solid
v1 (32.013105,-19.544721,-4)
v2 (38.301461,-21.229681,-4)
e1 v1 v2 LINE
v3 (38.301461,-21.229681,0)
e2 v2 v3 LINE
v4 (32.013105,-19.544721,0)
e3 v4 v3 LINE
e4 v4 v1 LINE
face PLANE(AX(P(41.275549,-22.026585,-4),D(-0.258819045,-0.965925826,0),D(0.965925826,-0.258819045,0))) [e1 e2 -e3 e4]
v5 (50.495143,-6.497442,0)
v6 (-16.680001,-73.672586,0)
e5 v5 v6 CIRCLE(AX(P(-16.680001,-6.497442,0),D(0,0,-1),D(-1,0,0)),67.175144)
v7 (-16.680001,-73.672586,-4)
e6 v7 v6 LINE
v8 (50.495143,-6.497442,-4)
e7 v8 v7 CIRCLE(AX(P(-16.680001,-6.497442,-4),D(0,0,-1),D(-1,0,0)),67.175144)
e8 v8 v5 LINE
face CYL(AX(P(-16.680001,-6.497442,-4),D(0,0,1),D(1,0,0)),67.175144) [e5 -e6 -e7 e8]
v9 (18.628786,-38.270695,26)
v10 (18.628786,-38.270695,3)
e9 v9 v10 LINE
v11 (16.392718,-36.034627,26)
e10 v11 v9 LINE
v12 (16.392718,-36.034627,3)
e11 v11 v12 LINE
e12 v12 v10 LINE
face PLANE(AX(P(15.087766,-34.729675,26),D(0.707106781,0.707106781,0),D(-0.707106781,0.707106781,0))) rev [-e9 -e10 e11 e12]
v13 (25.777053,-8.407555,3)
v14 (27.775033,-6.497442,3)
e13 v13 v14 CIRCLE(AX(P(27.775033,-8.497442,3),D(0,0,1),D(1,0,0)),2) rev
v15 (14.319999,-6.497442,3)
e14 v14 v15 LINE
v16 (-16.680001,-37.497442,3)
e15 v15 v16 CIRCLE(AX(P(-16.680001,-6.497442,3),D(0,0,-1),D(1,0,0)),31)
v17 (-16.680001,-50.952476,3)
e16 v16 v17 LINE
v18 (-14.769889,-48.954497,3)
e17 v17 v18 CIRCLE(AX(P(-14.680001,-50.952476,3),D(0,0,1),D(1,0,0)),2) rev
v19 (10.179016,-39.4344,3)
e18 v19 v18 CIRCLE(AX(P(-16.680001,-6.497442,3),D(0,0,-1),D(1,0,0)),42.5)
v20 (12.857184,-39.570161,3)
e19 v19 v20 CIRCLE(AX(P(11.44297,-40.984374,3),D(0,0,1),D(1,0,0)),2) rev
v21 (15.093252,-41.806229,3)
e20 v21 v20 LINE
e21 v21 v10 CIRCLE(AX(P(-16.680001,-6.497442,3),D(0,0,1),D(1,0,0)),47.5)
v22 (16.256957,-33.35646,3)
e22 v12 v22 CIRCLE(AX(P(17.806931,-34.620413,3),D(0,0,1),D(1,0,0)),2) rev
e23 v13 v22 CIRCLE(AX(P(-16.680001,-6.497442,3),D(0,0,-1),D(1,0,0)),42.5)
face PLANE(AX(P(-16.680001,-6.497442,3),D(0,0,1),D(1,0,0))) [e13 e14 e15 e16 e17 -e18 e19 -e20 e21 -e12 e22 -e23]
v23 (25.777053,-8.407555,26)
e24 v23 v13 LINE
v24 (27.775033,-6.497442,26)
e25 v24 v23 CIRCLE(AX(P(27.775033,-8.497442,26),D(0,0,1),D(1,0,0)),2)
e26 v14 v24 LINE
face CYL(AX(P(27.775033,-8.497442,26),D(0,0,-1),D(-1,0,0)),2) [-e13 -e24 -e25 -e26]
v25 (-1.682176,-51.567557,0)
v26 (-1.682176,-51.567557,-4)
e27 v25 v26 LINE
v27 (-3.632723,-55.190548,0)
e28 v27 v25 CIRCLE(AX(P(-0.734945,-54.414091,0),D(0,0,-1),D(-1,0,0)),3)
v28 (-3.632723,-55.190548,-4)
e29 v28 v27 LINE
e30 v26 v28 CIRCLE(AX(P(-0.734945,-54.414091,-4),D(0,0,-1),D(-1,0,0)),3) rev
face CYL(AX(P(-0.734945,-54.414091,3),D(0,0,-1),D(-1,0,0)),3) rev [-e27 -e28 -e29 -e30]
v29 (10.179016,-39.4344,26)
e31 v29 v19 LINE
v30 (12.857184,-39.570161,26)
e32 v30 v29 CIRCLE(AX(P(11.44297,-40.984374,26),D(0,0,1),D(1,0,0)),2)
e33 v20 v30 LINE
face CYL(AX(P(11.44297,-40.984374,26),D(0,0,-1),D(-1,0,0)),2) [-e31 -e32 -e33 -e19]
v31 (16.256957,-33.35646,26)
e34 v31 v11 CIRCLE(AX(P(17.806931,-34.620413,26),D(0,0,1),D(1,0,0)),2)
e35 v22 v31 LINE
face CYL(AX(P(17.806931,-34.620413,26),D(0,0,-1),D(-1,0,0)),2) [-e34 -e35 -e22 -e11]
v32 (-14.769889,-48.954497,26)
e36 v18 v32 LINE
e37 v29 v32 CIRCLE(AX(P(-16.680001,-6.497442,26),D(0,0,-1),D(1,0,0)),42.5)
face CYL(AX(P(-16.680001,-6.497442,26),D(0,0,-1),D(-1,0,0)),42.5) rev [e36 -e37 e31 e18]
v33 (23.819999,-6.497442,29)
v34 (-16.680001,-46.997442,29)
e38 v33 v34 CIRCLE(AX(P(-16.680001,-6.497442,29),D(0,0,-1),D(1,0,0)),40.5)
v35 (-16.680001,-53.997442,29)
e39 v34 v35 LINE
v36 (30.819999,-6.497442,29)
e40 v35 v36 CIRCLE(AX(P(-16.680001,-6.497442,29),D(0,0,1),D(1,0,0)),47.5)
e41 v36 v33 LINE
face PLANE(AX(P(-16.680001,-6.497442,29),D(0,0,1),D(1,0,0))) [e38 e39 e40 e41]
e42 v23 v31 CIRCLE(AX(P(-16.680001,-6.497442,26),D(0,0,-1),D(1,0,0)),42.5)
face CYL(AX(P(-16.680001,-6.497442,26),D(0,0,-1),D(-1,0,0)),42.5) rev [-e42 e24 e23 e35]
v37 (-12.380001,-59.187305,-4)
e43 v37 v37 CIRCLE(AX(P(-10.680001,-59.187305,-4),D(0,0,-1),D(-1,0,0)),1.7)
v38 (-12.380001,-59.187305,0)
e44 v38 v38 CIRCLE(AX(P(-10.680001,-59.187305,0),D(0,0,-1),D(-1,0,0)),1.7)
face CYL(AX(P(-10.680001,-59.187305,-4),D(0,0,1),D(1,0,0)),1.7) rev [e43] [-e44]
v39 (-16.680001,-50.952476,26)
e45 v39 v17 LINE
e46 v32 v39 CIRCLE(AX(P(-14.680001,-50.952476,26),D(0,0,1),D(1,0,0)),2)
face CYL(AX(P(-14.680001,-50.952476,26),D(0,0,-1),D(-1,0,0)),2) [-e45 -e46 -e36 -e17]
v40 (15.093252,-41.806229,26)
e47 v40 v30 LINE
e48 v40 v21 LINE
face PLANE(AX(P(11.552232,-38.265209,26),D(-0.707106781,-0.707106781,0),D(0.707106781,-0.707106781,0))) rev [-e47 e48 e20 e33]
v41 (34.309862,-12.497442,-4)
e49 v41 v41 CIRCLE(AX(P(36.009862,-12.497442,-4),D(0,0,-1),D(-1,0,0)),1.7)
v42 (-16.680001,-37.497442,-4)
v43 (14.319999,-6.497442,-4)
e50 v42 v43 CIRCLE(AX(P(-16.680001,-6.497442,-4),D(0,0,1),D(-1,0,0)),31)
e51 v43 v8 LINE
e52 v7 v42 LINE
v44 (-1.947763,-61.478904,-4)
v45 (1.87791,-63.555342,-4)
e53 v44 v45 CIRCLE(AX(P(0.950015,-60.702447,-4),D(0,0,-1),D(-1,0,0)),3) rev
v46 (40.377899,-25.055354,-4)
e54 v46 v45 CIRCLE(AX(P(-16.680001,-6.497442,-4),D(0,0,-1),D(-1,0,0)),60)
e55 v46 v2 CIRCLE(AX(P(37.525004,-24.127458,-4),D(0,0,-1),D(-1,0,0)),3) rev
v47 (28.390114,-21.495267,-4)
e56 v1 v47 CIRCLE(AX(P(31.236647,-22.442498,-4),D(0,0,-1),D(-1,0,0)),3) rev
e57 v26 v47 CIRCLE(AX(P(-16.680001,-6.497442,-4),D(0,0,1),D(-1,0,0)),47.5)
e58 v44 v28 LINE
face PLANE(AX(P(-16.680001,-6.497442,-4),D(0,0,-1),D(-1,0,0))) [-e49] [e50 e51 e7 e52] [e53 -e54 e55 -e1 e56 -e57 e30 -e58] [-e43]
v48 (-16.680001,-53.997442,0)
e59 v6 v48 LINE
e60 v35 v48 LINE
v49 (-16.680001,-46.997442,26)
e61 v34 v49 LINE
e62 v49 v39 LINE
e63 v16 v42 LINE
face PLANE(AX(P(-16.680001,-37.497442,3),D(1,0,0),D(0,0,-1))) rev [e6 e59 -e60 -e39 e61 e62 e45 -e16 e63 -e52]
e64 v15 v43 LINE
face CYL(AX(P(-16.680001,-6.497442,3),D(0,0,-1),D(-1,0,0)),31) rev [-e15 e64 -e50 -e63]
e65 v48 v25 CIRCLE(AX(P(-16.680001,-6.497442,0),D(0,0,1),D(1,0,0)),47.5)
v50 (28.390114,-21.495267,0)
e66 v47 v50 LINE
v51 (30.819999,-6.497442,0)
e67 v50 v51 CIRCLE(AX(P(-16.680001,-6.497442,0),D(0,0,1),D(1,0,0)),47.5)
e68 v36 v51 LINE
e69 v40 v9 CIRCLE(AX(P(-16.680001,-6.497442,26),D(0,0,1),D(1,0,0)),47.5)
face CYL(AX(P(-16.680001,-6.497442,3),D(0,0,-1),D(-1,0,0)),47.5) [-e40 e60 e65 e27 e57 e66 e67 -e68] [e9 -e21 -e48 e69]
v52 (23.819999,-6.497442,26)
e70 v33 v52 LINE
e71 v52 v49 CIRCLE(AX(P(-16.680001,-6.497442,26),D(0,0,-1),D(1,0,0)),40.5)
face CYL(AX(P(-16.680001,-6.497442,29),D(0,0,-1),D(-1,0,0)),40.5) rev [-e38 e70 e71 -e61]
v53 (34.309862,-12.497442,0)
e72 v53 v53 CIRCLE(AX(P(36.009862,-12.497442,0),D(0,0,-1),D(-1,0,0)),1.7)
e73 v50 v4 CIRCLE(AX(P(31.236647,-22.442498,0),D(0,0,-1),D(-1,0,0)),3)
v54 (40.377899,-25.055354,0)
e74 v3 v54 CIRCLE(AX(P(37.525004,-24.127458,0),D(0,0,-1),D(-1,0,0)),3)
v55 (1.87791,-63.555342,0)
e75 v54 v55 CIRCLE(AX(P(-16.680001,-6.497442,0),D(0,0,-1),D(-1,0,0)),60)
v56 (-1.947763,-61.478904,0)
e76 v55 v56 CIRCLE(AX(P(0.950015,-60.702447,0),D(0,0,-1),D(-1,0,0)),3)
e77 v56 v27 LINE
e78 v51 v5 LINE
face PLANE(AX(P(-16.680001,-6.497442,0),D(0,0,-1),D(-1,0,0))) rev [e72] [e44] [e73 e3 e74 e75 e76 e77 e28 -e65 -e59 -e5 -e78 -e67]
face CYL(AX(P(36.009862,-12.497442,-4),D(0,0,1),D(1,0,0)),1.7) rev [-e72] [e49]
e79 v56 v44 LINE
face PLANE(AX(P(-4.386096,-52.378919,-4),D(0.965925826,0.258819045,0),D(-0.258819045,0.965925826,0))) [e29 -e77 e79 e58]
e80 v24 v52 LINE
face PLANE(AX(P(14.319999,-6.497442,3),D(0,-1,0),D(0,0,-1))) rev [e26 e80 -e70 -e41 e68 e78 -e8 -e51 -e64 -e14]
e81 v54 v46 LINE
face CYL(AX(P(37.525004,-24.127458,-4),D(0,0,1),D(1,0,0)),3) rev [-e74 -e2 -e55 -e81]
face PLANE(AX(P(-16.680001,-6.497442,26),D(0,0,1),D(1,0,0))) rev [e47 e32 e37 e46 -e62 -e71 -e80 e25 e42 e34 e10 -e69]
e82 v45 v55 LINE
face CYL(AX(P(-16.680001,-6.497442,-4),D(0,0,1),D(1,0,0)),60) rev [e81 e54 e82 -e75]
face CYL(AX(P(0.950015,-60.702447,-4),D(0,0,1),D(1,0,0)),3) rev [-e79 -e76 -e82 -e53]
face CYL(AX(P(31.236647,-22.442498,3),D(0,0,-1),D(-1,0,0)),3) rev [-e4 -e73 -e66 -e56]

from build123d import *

# Parameters (mm, degrees)
EXTRUDE_1_DEPTH = 3
EXTRUDE_2_DEPTH = 23
EXTRUDE_3_DEPTH = 3
FILLET_1_R      = 2
EXTRUDE_START   = 4
SKETCH_4_R      = 1.7
EXTRUDE_4_DEPTH = 4
FILLET_2_R      = 3


with BuildPart() as part:
    # 草图1 → 凸台-拉伸1 (new body)
    with BuildSketch(Plane.XY):
        with BuildLine():
            Line((-16.680000946, -37.497442229), (-16.680000946, -53.997442229))
            ThreePointArc((-16.680000946, -53.997442229), (16.90757116, -40.085014335), (30.819999054, -6.497442229))
            Line((30.819999054, -6.497442229), (14.319999054, -6.497442229))
            ThreePointArc((14.319999054, -6.497442229), (5.240309271, -28.417752446), (-16.680000946, -37.497442229))
        make_face()
    extrude(amount=EXTRUDE_1_DEPTH)

    # 草图2 → 凸台-拉伸2 (add)
    with BuildSketch(Plane.XY.offset(3)):
        with BuildLine():
            Line((-16.680000946, -48.997442229), (-16.680000946, -53.997442229))
            ThreePointArc((-16.680000946, -53.997442229), (0.33591272, -50.84503159), (15.093251764, -41.806228844))
            Line((15.093251764, -41.806228844), (11.552232101, -38.265209182))
            ThreePointArc((11.552232101, -38.265209182), (-1.578346989, -46.223882389), (-16.680000946, -48.997442229))
        make_face()
        with BuildLine():
            Line((25.819999054, -6.497442229), (30.819999054, -6.497442229))
            ThreePointArc((30.819999054, -6.497442229), (27.667588415, -23.513355895), (18.628785669, -38.270694938))
            Line((18.628785669, -38.270694938), (15.087766007, -34.729675276))
            ThreePointArc((15.087766007, -34.729675276), (23.046439214, -21.599096186), (25.819999054, -6.497442229))
        make_face()
    extrude(amount=EXTRUDE_2_DEPTH)

    # 草图3 → 凸台-拉伸3 (add)
    with BuildSketch(Plane.XY.offset(26)):
        with BuildLine():
            Line((-16.680000946, -46.997442229), (-16.680000946, -53.997442229))
            ThreePointArc((-16.680000946, -53.997442229), (16.90757116, -40.085014335), (30.819999054, -6.497442229))
            Line((30.819999054, -6.497442229), (23.819999054, -6.497442229))
            ThreePointArc((23.819999054, -6.497442229), (11.957823692, -35.135266867), (-16.680000946, -46.997442229))
        make_face()
    extrude(amount=EXTRUDE_3_DEPTH)

    # 圆角1
    fillet_1_edges = [part.edges().sort_by_distance(p)[0] for p in [
        (25.819999054, -6.497442229, 14.5),
        (15.087766007, -34.729675276, 14.5),
        (11.552232101, -38.265209182, 14.5),
        (-16.680000946, -48.997442229, 14.5),
    ]]
    fillet(fillet_1_edges, radius=FILLET_1_R)

    # 草图4 → 凸台-拉伸4 (add)
    with BuildSketch(Plane(origin=(0, 0, 0), x_dir=(-1, 0, 0), z_dir=(0, 0, -1)).offset(EXTRUDE_START)):
        with BuildLine():
            Line((16.680000946, -73.672586442), (16.680000946, -37.497442229))
            ThreePointArc((16.680000946, -37.497442229), (-5.240309271, -28.417752446), (-14.319999054, -6.497442229))
            Line((-14.319999054, -6.497442229), (-50.495143267, -6.497442229))
            ThreePointArc((-50.495143267, -6.497442229), (-30.819999054, -53.997442229), (16.680000946, -73.672586442))
        make_face()
        with Locations((10.680000946, -59.187305067)):
            Circle(SKETCH_4_R, mode=Mode.SUBTRACT)
        with Locations((-36.009861892, -12.497442229)):
            Circle(SKETCH_4_R, mode=Mode.SUBTRACT)
        with BuildLine():
            Line((-41.275548631, -22.026584935), (-29.201475803, -18.791346871))
            ThreePointArc((-29.201475803, -18.791346871), (-16.90757116, -40.085014335), (4.386096304, -52.378918978))
            Line((4.386096304, -52.378918978), (1.15085824, -64.452991806))
            ThreePointArc((1.15085824, -64.452991806), (-25.746405925, -48.9238491), (-41.275548631, -22.026584935))
        make_face(mode=Mode.SUBTRACT)
    extrude(amount=-EXTRUDE_4_DEPTH)

    # 圆角2
    fillet_2_edges = [part.edges().sort_by_distance(p)[0] for p in [
        (29.201475803, -18.791346871, -2),
        (41.275548631, -22.026584935, -2),
        (-1.15085824, -64.452991806, -2),
        (-4.386096304, -52.378918978, -2),
    ]]
    fillet(fillet_2_edges, radius=FILLET_2_R)


solid = part.part
